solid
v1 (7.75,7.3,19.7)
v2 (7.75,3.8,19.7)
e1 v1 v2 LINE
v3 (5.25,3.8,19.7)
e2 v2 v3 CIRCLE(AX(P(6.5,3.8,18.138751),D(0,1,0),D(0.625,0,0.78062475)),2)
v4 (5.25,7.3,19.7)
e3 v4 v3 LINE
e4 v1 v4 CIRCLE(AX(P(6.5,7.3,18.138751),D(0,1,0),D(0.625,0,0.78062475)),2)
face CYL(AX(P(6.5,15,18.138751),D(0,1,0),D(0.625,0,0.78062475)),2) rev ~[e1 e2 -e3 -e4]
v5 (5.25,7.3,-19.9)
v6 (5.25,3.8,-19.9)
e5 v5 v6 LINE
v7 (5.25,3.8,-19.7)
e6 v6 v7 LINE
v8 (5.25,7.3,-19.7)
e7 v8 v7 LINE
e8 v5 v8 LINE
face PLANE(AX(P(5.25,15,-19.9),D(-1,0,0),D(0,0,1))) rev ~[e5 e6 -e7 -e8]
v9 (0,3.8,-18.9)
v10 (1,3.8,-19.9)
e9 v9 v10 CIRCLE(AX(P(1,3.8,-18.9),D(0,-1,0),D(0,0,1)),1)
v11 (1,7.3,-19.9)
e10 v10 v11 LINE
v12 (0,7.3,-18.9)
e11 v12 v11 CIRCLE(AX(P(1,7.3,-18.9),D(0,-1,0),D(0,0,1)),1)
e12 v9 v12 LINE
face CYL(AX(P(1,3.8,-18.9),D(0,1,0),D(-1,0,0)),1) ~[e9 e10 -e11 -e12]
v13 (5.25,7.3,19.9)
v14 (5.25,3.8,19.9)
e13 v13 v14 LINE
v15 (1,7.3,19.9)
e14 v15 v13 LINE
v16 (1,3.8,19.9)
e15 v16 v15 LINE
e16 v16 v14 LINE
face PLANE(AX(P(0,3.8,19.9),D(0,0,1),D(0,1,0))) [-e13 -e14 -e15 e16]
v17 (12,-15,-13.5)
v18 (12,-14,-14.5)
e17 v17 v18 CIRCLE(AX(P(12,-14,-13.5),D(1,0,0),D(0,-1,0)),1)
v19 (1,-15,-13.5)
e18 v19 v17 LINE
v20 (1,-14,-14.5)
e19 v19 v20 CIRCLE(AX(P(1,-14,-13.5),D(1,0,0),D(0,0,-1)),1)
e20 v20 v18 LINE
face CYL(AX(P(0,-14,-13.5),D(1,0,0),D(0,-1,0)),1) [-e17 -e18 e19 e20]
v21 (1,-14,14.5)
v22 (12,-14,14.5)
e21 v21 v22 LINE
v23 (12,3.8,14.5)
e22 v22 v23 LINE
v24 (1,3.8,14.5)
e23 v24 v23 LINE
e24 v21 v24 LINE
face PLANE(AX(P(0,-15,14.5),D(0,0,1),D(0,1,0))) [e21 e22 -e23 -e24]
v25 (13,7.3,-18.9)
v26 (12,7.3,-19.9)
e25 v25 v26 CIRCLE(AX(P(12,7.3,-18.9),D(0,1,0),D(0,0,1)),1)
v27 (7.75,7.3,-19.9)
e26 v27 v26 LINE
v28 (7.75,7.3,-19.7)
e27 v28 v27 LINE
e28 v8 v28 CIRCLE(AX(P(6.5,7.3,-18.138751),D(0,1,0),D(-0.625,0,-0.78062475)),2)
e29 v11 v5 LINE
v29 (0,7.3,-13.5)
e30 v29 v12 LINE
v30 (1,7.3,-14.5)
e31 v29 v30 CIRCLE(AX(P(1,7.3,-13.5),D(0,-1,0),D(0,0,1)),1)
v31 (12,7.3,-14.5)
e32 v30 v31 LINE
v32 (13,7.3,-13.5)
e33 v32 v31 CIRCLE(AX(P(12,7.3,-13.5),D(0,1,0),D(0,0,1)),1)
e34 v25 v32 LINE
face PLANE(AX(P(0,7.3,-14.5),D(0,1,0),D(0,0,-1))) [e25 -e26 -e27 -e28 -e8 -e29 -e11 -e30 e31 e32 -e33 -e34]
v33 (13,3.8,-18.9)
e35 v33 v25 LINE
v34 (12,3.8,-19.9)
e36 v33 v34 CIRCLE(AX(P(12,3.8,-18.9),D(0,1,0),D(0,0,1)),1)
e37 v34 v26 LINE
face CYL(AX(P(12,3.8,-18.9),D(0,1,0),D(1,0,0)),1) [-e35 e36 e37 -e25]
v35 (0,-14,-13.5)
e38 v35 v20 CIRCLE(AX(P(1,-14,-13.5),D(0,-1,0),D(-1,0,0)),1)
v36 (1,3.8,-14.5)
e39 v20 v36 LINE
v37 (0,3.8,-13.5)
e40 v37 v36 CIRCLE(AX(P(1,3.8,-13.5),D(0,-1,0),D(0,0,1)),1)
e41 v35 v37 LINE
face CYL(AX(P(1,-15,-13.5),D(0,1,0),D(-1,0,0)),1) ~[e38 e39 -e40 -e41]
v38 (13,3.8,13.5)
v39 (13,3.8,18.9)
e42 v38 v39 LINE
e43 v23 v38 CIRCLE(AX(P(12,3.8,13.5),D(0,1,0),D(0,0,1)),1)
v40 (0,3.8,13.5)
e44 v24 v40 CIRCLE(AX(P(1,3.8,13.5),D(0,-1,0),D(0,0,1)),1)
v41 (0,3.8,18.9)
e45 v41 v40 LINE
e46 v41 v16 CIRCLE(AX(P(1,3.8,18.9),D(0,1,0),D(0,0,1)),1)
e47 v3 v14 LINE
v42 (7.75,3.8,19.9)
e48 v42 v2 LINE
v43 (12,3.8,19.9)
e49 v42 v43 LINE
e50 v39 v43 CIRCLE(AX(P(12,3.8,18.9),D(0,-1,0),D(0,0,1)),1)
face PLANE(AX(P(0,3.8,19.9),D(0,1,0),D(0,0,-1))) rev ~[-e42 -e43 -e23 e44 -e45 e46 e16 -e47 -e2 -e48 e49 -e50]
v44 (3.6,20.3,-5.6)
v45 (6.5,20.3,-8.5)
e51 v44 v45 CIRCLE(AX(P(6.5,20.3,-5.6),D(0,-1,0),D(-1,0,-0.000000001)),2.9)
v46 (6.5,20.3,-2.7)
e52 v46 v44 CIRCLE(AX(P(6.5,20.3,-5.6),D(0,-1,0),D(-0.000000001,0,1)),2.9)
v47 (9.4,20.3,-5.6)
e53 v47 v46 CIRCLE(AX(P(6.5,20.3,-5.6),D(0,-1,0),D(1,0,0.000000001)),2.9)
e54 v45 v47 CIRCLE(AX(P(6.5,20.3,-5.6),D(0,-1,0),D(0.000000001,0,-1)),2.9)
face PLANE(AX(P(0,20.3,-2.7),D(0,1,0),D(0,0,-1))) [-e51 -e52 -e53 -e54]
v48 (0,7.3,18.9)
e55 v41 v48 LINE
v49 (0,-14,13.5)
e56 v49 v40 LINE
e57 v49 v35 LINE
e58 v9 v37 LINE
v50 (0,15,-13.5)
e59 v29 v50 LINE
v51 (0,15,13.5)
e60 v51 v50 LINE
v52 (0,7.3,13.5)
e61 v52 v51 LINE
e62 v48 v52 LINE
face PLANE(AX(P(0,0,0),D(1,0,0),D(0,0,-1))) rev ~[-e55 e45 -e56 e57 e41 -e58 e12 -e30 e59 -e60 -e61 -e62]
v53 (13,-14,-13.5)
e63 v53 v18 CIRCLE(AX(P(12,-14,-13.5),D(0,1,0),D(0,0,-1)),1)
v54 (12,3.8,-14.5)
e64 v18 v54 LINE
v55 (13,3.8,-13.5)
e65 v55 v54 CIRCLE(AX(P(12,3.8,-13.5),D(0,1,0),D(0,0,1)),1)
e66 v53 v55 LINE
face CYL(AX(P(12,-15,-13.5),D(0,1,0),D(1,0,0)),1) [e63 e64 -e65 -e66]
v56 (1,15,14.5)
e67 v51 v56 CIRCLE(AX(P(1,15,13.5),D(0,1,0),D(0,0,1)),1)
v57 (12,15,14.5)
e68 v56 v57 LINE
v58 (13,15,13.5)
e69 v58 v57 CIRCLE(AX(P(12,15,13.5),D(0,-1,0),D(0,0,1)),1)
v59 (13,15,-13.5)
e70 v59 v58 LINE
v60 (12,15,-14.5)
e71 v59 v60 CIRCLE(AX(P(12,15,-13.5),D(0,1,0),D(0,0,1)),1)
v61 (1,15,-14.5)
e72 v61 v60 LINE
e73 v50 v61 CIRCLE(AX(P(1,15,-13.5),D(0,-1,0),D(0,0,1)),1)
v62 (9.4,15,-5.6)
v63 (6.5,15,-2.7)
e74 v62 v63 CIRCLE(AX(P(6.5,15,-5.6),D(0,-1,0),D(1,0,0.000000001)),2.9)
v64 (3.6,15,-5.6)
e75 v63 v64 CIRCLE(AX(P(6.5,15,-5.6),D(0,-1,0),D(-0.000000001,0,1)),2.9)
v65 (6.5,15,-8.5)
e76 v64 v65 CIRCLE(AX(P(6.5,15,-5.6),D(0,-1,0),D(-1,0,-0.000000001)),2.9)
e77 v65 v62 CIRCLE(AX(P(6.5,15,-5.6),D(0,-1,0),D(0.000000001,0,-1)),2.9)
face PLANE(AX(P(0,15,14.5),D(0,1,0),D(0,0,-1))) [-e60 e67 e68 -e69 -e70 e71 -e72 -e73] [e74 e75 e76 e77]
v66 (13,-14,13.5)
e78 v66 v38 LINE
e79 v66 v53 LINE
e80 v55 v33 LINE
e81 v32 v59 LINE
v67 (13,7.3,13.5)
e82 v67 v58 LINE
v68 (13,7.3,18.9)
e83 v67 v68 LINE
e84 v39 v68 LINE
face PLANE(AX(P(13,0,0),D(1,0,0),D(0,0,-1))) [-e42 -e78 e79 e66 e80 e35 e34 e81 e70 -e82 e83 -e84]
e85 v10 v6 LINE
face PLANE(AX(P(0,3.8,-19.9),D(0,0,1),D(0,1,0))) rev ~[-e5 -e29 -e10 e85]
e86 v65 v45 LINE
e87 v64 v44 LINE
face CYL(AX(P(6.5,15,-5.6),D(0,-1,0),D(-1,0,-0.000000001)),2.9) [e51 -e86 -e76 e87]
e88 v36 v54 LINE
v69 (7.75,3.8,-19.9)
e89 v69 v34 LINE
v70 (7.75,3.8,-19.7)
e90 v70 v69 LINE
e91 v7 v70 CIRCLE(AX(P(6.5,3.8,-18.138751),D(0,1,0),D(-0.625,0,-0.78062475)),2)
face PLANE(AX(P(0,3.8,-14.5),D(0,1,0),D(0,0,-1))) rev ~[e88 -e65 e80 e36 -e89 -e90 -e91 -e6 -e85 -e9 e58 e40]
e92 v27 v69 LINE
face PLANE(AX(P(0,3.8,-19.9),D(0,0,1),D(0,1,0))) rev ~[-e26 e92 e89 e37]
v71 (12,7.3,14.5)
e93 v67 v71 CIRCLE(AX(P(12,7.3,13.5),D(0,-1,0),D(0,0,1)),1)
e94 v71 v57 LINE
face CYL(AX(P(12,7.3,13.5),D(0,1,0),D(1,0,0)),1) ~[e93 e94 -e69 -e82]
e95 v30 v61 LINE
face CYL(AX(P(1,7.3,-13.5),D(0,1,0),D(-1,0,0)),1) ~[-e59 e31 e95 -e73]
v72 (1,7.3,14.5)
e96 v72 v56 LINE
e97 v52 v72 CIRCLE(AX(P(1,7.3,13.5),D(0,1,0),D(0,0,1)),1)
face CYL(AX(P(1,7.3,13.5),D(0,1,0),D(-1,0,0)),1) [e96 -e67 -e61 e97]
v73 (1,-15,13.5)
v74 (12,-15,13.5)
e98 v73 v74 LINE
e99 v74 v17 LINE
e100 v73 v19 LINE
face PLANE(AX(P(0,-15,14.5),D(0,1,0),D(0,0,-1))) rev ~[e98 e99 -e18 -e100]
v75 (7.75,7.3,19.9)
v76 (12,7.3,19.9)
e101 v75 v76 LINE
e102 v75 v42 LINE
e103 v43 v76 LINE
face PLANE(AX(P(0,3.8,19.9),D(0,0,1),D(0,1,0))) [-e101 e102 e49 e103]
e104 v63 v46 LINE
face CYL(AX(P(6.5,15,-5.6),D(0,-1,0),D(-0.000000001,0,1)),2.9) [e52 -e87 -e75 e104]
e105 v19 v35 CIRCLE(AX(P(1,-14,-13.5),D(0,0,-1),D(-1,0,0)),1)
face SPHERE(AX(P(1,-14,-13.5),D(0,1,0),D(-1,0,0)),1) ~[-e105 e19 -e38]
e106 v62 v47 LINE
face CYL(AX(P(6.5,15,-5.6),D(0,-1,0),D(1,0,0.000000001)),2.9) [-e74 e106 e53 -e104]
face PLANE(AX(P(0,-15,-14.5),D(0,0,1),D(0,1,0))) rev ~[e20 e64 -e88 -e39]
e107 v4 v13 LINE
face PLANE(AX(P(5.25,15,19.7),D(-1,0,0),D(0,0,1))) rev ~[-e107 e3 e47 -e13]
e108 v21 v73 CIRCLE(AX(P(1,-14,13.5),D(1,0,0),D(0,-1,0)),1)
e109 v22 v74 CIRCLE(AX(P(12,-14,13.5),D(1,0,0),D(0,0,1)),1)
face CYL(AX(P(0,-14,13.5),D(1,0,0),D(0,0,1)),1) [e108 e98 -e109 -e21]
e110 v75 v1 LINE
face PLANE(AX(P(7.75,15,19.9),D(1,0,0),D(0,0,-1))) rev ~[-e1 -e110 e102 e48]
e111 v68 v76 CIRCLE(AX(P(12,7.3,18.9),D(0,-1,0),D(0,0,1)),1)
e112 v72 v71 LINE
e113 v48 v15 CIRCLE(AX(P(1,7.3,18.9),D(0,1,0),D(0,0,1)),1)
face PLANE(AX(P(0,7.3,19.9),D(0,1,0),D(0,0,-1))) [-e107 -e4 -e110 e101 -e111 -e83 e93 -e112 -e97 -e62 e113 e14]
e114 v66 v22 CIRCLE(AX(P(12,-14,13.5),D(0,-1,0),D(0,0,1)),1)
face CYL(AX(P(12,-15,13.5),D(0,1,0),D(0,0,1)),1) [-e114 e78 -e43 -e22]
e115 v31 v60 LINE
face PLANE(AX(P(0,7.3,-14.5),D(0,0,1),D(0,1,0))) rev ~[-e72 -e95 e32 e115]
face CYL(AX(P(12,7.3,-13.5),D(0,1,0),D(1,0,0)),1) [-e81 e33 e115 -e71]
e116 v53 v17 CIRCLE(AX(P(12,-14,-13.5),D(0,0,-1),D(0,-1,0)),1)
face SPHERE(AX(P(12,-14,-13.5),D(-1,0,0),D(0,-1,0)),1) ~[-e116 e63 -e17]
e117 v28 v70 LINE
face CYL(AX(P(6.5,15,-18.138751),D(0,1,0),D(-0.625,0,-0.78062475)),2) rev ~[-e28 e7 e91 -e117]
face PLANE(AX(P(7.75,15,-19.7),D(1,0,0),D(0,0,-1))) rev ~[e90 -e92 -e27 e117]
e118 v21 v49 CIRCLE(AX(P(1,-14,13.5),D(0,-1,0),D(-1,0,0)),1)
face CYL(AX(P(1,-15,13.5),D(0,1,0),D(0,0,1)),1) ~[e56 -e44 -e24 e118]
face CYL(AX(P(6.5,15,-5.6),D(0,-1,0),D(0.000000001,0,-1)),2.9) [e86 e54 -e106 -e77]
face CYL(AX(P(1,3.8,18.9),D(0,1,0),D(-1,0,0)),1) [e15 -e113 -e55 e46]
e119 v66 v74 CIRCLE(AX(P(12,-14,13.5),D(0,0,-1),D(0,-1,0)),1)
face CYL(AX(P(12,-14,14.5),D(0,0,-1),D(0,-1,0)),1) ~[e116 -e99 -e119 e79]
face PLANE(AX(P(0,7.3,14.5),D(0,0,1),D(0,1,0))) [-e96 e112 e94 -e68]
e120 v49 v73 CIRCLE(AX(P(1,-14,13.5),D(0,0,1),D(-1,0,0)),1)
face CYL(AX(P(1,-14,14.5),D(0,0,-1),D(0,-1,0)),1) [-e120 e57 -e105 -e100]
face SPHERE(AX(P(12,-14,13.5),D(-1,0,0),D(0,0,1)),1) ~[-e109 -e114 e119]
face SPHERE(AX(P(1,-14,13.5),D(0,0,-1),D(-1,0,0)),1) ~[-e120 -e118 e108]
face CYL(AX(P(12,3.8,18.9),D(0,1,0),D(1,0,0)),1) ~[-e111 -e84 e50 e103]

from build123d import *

# Parameters (mm, degrees)
SKETCH2_W           = 29
SKETCH2_H           = 30
SKETCH2_W_2         = 5.4
SKETCH2_H_2         = 3.5
SKETCH2_W_3         = 5.8
SKETCH2_H_3         = 5.3
BOSS_EXTRUDE1_DEPTH = 13
CUT_EXTRUDE1_DEPTH  = 5.3
CUT_EXTRUDE2_DEPTH  = 31
FILLET1_R           = 1


with BuildPart() as part:
    # Sketch2 → Boss-Extrude1 (new body)
    with BuildSketch(Plane(origin=(0, 0, 0), x_dir=(0, 0, -1), z_dir=(1, 0, 0))):
        Rectangle(SKETCH2_W, SKETCH2_H)
        with Locations((-17.2, 5.55)):
            Rectangle(SKETCH2_W_2, SKETCH2_H_2)
        with Locations((5.6, 17.65)):
            Rectangle(SKETCH2_W_3, SKETCH2_H_3)
        with Locations((17.2, 5.55)):
            Rectangle(SKETCH2_W_2, SKETCH2_H_2)
    extrude(amount=BOSS_EXTRUDE1_DEPTH)

    # Sketch3 → Cut-Extrude1 (cut)
    with BuildSketch(Plane(origin=(0, 15, 0), x_dir=(1, 0, 0), z_dir=(0, 1, 0))):
        with BuildLine():
            Line((6.5, 2.7), (9.4, 2.7))
            Line((9.4, 2.7), (9.4, 5.6))
            ThreePointArc((9.4, 5.6), (8.550609665, 3.549390335), (6.5, 2.7))
        make_face()
        with BuildLine():
            ThreePointArc((6.5, 8.5), (8.550609665, 7.650609665), (9.4, 5.6))
            Line((9.4, 5.6), (9.4, 8.5))
            Line((9.4, 8.5), (6.5, 8.5))
        make_face()
        with BuildLine():
            ThreePointArc((3.6, 5.6), (4.449390335, 7.650609665), (6.5, 8.5))
            Line((6.5, 8.5), (3.6, 8.5))
            Line((3.6, 8.5), (3.6, 5.6))
        make_face()
        with BuildLine():
            Line((3.6, 2.7), (6.5, 2.7))
            ThreePointArc((6.5, 2.7), (4.449390335, 3.549390335), (3.6, 5.6))
            Line((3.6, 5.6), (3.6, 2.7))
        make_face()
        Polygon((0, 2.7), (3.6, 2.7), (3.6, 5.6), (3.6, 8.5), (0, 8.5), align=None)
        Polygon((9.4, 2.7), (13, 2.7), (13, 8.5), (9.4, 8.5), (9.4, 5.6), align=None)
        with BuildLine():
            Line((7.75, 19.7), (7.75, 19.9))
            Line((7.75, 19.9), (5.25, 19.9))
            Line((5.25, 19.9), (5.25, 19.7))
            ThreePointArc((5.25, 19.7), (6.5, 16.1387505), (7.75, 19.7))
        make_face()
        with BuildLine():
            Line((5.25, -19.9), (7.75, -19.9))
            Line((7.75, -19.9), (7.75, -19.7))
            ThreePointArc((7.75, -19.7), (6.5, -16.1387505), (5.25, -19.7))
            Line((5.25, -19.7), (5.25, -19.9))
        make_face()
    extrude(amount=CUT_EXTRUDE1_DEPTH, mode=Mode.SUBTRACT)

    # Sketch3_4 → Cut-Extrude2 (cut, through all)
    with BuildSketch(Plane(origin=(0, 15, 0), x_dir=(1, 0, 0), z_dir=(0, 1, 0))):
        with BuildLine():
            Line((7.75, 19.7), (7.75, 19.9))
            Line((7.75, 19.9), (5.25, 19.9))
            Line((5.25, 19.9), (5.25, 19.7))
            ThreePointArc((5.25, 19.7), (6.5, 16.1387505), (7.75, 19.7))
        make_face()
        with BuildLine():
            Line((5.25, -19.9), (7.75, -19.9))
            Line((7.75, -19.9), (7.75, -19.7))
            ThreePointArc((7.75, -19.7), (6.5, -16.1387505), (5.25, -19.7))
            Line((5.25, -19.7), (5.25, -19.9))
        make_face()
    extrude(amount=-CUT_EXTRUDE2_DEPTH, mode=Mode.SUBTRACT)

    # Fillet1
    fillet1_edges = [part.edges().sort_by_distance(p)[0] for p in [
        (0, 5.55, -19.9),
        (0, -5.6, -14.5),
        (0, -15, 0),
        (0, -5.6, 14.5),
        (0, 5.55, 19.9),
        (0, 11.15, 14.5),
        (0, 11.15, -14.5),
        (6.5, -15, -14.5),
        (6.5, -15, 14.5),
        (13, 11.15, 14.5),
        (13, 5.55, 19.9),
        (13, 11.15, -14.5),
        (13, -5.6, 14.5),
        (13, -15, 0),
        (13, -5.6, -14.5),
        (13, 5.55, -19.9),
    ]]
    fillet(fillet1_edges, radius=FILLET1_R)


solid = part.part
